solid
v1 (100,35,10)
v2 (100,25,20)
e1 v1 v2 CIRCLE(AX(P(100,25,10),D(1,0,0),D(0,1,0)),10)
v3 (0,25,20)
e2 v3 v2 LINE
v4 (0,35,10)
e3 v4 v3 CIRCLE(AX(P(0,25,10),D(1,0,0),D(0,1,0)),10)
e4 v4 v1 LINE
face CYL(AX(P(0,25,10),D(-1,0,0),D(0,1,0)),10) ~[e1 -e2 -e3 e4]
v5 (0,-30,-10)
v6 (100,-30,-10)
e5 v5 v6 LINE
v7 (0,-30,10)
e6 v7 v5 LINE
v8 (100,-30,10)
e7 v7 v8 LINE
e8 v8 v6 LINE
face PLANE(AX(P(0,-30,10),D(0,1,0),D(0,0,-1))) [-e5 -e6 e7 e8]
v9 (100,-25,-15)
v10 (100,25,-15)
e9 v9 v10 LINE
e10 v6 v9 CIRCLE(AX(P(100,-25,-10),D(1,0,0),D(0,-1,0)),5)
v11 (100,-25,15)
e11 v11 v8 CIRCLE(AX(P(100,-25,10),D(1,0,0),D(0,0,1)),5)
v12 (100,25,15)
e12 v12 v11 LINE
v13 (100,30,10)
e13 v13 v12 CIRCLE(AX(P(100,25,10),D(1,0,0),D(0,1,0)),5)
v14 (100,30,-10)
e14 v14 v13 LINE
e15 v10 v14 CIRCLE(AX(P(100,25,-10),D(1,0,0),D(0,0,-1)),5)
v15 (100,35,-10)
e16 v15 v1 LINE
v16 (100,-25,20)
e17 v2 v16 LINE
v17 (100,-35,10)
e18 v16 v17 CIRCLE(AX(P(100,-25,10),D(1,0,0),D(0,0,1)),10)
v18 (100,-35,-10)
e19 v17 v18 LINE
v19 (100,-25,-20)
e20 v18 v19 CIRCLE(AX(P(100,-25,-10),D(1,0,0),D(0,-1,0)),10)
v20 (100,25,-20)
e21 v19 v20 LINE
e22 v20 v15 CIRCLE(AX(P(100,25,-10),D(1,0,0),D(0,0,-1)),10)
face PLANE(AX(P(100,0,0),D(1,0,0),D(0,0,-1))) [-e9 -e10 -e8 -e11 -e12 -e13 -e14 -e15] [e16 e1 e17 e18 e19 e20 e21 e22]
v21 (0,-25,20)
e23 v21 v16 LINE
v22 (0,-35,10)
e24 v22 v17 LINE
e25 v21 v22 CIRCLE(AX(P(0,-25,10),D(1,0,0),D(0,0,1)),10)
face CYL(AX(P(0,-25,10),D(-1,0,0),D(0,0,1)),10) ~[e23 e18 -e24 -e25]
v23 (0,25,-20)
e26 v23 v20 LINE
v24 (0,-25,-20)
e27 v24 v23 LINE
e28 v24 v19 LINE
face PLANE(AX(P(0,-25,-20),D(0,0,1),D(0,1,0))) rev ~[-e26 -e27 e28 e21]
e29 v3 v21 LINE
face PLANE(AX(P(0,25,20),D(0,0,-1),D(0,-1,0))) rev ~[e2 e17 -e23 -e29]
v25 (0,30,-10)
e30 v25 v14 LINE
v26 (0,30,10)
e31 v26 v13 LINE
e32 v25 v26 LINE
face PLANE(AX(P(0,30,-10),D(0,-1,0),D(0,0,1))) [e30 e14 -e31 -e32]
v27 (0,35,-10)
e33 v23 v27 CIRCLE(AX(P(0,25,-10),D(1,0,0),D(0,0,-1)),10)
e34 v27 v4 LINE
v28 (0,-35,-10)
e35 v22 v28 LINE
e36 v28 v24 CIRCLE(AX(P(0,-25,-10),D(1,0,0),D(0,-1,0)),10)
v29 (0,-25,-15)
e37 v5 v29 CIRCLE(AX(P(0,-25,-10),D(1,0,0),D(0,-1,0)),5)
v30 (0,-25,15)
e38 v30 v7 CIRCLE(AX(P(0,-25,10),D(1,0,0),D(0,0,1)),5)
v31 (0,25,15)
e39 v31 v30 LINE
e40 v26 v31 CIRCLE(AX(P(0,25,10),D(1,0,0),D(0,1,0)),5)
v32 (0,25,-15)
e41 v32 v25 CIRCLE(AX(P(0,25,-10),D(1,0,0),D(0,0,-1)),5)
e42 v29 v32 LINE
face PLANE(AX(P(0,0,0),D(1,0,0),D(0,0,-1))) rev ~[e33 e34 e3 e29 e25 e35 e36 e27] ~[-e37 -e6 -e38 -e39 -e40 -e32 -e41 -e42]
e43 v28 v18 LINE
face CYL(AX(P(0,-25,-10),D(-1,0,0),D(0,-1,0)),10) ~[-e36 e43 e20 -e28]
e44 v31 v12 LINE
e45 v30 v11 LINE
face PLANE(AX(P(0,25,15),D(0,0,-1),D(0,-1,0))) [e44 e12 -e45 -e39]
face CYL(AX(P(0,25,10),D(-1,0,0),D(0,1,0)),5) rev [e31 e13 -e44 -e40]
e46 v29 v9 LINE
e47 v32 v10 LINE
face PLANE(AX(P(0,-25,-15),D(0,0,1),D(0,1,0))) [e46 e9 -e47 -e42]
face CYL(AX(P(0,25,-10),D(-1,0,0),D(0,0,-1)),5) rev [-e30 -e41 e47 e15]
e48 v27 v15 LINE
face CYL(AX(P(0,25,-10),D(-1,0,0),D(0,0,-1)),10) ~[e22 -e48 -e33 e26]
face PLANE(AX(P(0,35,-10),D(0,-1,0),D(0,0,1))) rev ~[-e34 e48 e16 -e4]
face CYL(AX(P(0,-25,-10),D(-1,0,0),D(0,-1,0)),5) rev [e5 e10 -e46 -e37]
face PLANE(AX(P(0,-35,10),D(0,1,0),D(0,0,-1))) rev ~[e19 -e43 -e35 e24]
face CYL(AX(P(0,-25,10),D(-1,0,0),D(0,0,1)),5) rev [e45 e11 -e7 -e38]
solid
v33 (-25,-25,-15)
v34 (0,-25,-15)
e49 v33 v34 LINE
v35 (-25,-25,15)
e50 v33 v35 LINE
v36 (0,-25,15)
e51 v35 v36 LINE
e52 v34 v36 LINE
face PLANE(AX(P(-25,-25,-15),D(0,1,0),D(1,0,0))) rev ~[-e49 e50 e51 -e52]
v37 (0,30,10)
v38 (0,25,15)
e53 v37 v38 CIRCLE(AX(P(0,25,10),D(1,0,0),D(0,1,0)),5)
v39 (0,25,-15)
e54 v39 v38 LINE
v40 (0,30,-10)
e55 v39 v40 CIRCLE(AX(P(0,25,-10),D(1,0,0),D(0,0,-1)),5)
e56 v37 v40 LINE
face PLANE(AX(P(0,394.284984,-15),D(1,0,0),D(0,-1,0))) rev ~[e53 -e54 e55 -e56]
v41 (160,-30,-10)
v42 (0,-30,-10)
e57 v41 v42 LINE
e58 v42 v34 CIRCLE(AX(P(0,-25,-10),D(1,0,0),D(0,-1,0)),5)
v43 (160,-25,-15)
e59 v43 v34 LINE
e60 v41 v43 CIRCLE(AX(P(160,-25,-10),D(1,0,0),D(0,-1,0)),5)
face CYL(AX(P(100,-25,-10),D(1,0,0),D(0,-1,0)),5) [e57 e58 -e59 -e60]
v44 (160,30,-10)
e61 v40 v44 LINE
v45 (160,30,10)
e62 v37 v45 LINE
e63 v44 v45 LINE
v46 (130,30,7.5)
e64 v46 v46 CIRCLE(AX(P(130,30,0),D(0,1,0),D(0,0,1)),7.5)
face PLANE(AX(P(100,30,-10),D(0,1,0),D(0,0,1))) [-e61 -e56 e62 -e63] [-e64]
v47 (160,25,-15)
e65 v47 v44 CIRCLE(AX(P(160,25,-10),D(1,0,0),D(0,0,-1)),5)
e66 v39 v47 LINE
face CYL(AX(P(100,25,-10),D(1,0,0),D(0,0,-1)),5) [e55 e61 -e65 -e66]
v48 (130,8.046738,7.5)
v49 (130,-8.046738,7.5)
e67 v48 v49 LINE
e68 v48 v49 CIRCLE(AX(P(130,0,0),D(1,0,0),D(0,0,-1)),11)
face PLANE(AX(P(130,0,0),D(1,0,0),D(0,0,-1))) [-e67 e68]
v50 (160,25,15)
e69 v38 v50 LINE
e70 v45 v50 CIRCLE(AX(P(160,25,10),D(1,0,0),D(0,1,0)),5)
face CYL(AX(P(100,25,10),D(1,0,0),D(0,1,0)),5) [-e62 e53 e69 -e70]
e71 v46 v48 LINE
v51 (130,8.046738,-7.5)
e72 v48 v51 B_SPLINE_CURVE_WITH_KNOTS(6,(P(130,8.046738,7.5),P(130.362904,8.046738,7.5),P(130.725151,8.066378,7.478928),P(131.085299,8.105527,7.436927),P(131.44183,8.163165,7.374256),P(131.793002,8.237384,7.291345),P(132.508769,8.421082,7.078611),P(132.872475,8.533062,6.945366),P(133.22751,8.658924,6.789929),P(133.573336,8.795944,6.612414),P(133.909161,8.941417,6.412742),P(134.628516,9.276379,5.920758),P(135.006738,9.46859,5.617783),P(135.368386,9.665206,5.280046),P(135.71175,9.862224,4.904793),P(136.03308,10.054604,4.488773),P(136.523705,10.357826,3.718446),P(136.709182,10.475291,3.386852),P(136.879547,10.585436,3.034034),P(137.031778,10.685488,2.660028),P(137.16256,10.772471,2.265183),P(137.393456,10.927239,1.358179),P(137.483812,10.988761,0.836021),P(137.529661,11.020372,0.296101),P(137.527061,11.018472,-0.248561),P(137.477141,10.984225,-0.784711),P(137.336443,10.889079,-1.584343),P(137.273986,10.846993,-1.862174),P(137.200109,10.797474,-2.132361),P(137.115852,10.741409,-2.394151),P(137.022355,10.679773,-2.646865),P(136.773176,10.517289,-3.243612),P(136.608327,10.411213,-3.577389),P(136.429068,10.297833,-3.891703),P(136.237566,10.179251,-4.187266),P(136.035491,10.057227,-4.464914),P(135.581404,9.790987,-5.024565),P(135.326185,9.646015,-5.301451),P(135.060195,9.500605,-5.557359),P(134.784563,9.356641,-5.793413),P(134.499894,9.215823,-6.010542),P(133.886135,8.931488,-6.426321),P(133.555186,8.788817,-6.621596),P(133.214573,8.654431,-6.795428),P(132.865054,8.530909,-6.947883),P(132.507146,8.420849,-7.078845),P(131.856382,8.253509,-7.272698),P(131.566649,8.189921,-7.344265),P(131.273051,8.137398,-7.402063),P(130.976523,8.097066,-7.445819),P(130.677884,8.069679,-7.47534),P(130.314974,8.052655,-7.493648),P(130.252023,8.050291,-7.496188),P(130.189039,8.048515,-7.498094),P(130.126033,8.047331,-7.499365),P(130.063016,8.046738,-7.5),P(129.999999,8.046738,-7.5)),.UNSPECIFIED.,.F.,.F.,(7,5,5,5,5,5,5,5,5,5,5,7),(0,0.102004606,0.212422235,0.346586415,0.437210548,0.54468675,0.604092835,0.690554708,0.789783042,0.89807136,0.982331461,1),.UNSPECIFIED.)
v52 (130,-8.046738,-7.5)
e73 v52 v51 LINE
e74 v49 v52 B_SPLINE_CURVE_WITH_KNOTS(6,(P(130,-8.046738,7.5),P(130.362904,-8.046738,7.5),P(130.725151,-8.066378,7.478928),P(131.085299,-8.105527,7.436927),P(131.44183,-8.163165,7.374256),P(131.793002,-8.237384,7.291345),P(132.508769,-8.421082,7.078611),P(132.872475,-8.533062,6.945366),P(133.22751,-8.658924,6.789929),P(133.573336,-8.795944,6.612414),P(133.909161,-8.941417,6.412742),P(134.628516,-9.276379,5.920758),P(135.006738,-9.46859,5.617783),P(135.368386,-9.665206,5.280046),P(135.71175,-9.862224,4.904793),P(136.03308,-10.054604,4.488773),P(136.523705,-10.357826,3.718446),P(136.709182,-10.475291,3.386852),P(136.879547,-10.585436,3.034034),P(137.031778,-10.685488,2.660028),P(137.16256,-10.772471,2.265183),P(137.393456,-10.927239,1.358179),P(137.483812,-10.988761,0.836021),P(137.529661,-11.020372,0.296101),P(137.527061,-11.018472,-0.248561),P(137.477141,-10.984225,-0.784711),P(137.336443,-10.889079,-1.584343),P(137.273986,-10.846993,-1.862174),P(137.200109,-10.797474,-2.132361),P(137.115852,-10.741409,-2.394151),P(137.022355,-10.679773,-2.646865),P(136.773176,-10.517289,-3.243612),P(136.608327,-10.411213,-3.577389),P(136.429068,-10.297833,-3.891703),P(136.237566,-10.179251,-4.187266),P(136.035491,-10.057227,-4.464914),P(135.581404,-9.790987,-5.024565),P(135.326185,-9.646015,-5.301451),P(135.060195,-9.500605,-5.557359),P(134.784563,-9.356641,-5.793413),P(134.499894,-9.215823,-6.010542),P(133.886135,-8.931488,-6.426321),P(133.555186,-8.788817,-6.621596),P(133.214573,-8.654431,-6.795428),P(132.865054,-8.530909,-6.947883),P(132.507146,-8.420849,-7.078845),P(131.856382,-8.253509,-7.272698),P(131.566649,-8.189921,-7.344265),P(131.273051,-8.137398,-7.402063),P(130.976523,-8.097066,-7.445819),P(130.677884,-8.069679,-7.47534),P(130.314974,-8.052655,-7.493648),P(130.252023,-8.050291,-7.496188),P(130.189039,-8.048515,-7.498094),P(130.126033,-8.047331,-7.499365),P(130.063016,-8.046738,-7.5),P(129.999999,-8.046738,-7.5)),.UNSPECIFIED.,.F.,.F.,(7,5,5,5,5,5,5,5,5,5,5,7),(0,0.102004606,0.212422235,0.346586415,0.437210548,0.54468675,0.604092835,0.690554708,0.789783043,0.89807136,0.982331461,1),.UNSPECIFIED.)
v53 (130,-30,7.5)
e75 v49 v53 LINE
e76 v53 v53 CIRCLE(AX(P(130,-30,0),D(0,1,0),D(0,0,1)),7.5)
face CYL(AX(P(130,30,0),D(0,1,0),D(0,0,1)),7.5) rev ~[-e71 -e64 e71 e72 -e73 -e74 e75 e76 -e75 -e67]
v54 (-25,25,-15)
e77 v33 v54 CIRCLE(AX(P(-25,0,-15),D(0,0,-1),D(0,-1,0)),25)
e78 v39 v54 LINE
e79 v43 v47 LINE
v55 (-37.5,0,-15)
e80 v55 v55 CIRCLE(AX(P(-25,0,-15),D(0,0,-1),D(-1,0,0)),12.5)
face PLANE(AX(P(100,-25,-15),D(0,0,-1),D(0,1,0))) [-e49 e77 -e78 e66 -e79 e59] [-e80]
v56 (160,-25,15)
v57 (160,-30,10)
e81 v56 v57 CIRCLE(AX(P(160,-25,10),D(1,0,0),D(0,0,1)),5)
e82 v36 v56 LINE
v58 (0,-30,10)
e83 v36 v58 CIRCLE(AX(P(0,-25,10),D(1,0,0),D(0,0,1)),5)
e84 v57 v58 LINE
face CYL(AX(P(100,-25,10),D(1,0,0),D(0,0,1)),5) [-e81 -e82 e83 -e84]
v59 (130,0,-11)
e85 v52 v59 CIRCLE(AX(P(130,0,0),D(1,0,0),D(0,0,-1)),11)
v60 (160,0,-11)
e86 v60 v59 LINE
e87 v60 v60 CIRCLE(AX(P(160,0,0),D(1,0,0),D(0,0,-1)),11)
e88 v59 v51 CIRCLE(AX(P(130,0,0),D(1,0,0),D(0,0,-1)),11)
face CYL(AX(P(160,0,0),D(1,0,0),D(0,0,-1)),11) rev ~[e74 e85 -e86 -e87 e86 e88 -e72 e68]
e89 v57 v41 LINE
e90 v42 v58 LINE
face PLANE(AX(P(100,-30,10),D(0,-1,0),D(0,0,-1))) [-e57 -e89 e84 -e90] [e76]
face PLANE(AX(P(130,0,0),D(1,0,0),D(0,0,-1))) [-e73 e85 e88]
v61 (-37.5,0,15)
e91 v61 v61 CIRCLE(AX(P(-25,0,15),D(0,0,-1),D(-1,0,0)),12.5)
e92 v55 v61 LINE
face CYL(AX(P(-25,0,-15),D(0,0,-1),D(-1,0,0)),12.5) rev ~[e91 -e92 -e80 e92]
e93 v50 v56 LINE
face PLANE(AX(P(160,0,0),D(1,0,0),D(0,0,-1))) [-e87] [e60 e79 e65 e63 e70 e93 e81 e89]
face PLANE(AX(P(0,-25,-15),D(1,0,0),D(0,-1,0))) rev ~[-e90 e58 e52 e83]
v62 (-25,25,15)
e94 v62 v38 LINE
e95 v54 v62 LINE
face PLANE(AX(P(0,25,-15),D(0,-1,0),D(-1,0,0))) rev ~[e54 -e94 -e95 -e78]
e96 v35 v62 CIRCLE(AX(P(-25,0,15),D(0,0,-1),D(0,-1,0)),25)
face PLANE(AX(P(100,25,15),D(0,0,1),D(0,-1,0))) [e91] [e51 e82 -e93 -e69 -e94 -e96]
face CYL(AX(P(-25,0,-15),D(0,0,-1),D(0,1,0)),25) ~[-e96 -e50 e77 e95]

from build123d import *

# Parameters (mm, degrees)
STRUCTURAL_MEMBER1_DEPTH = 100
BOSS_EXTRUDE1_DEPTH      = 60
BOSS_EXTRUDE1_DEPTH_BACK = 150
SKETCH20_R               = 11
CUT_EXTRUDE6_DEPTH       = 30
SKETCH21_R               = 7.5
CUT_EXTRUDE7_DEPTH       = 174.853386507
CUT_EXTRUDE11_DEPTH      = 168.48134234
CUT_EXTRUDE11_DEPTH_BACK = 168.48134234
SKETCH23_R               = 12.5
CUT_EXTRUDE12_DEPTH      = 168.48134234


with BuildPart() as part:
    # Sketch11 → Structural Member1 (new body)
    with BuildSketch(Plane(origin=(0, 0, 0), x_dir=(0, 0, -1), z_dir=(1, 0, 0))):
        with BuildLine():
            Line((-10, -35), (10, -35))
            ThreePointArc((10, -35), (17.071067812, -32.071067812), (20, -25))
            Line((20, -25), (20, 25))
            ThreePointArc((20, 25), (17.071067812, 32.071067812), (10, 35))
            Line((10, 35), (-10, 35))
            ThreePointArc((-10, 35), (-17.071067812, 32.071067812), (-20, 25))
            Line((-20, 25), (-20, -25))
            ThreePointArc((-20, -25), (-17.071067812, -32.071067812), (-10, -35))
        make_face()
        with BuildLine():
            Line((-10, -30), (10, -30))
            ThreePointArc((10, -30), (13.535533906, -28.535533906), (15, -25))
            Line((15, -25), (15, 25))
            ThreePointArc((15, 25), (13.535533906, 28.535533906), (10, 30))
            Line((10, 30), (-10, 30))
            ThreePointArc((-10, 30), (-13.535533906, 28.535533906), (-15, 25))
            Line((-15, 25), (-15, -25))
            ThreePointArc((-15, -25), (-13.535533906, -28.535533906), (-10, -30))
        make_face(mode=Mode.SUBTRACT)
    extrude(amount=STRUCTURAL_MEMBER1_DEPTH)


with BuildPart() as body_2:
    # Sketch16 → Boss-Extrude1 (new, two sides)
    with BuildSketch(Plane(origin=(100, 0, 0), x_dir=(0, 0, -1), z_dir=(1, 0, 0))) as boss_extrude1_sk:
        with BuildLine():
            Line((15, -25), (15, 25))
            ThreePointArc((15, 25), (13.535533906, 28.535533906), (10, 30))
            Line((10, 30), (-10, 30))
            ThreePointArc((-10, 30), (-13.535533906, 28.535533906), (-15, 25))
            Line((-15, 25), (-15, -25))
            ThreePointArc((-15, -25), (-13.535533906, -28.535533906), (-10, -30))
            Line((-10, -30), (10, -30))
            ThreePointArc((10, -30), (13.535533906, -28.535533906), (15, -25))
        make_face()
    extrude(amount=BOSS_EXTRUDE1_DEPTH)
    extrude(boss_extrude1_sk.sketch, amount=-BOSS_EXTRUDE1_DEPTH_BACK)

    # Sketch20 → Cut-Extrude6 (cut)
    with BuildSketch(Plane(origin=(160, 0, 0), x_dir=(0, 0, -1), z_dir=(1, 0, 0))):
        Circle(SKETCH20_R)
    extrude(amount=-CUT_EXTRUDE6_DEPTH, mode=Mode.SUBTRACT)

    # Sketch21 → Cut-Extrude7 (cut, through all)
    with BuildSketch(Plane(origin=(0, 30, 0), x_dir=(1, 0, 0), z_dir=(0, 1, 0))):
        with Locations(Location((130, 0, 0), (0, 0, 270))):
            Circle(SKETCH21_R)
    extrude(amount=-CUT_EXTRUDE7_DEPTH, mode=Mode.SUBTRACT)

    # Sketch22 → Cut-Extrude11 (cut, two sides)
    with BuildSketch(Plane(origin=(0, 0, -15), x_dir=(-1, 0, 0), z_dir=(0, 0, -1))) as cut_extrude11_sk:
        with BuildLine():
            Line((0, 394.284984115), (0, 35))
            Line((0, 35), (0, 25))
            Line((0, 25), (25, 25))
            ThreePointArc((25, 25), (50, 0), (25, -25))
            Line((25, -25), (0, -25))
            Line((0, -25), (0, -30))
            Line((0, -30), (0, -389.284984115))
            Line((0, -389.284984115), (718.569968229, -389.284984115))
            Line((718.569968229, -389.284984115), (718.569968229, 394.284984115))
            Line((718.569968229, 394.284984115), (0, 394.284984115))
        make_face()
    extrude(amount=CUT_EXTRUDE11_DEPTH, mode=Mode.SUBTRACT)
    extrude(cut_extrude11_sk.sketch, amount=-CUT_EXTRUDE11_DEPTH_BACK, mode=Mode.SUBTRACT)

    # Sketch23 → Cut-Extrude12 (cut, through all)
    with BuildSketch(Plane(origin=(0, 0, -15), x_dir=(-1, 0, 0), z_dir=(0, 0, -1))):
        with Locations((25, 0)):
            Circle(SKETCH23_R)
    extrude(amount=-CUT_EXTRUDE12_DEPTH, mode=Mode.SUBTRACT)


solid = Compound([part.part, body_2.part])
